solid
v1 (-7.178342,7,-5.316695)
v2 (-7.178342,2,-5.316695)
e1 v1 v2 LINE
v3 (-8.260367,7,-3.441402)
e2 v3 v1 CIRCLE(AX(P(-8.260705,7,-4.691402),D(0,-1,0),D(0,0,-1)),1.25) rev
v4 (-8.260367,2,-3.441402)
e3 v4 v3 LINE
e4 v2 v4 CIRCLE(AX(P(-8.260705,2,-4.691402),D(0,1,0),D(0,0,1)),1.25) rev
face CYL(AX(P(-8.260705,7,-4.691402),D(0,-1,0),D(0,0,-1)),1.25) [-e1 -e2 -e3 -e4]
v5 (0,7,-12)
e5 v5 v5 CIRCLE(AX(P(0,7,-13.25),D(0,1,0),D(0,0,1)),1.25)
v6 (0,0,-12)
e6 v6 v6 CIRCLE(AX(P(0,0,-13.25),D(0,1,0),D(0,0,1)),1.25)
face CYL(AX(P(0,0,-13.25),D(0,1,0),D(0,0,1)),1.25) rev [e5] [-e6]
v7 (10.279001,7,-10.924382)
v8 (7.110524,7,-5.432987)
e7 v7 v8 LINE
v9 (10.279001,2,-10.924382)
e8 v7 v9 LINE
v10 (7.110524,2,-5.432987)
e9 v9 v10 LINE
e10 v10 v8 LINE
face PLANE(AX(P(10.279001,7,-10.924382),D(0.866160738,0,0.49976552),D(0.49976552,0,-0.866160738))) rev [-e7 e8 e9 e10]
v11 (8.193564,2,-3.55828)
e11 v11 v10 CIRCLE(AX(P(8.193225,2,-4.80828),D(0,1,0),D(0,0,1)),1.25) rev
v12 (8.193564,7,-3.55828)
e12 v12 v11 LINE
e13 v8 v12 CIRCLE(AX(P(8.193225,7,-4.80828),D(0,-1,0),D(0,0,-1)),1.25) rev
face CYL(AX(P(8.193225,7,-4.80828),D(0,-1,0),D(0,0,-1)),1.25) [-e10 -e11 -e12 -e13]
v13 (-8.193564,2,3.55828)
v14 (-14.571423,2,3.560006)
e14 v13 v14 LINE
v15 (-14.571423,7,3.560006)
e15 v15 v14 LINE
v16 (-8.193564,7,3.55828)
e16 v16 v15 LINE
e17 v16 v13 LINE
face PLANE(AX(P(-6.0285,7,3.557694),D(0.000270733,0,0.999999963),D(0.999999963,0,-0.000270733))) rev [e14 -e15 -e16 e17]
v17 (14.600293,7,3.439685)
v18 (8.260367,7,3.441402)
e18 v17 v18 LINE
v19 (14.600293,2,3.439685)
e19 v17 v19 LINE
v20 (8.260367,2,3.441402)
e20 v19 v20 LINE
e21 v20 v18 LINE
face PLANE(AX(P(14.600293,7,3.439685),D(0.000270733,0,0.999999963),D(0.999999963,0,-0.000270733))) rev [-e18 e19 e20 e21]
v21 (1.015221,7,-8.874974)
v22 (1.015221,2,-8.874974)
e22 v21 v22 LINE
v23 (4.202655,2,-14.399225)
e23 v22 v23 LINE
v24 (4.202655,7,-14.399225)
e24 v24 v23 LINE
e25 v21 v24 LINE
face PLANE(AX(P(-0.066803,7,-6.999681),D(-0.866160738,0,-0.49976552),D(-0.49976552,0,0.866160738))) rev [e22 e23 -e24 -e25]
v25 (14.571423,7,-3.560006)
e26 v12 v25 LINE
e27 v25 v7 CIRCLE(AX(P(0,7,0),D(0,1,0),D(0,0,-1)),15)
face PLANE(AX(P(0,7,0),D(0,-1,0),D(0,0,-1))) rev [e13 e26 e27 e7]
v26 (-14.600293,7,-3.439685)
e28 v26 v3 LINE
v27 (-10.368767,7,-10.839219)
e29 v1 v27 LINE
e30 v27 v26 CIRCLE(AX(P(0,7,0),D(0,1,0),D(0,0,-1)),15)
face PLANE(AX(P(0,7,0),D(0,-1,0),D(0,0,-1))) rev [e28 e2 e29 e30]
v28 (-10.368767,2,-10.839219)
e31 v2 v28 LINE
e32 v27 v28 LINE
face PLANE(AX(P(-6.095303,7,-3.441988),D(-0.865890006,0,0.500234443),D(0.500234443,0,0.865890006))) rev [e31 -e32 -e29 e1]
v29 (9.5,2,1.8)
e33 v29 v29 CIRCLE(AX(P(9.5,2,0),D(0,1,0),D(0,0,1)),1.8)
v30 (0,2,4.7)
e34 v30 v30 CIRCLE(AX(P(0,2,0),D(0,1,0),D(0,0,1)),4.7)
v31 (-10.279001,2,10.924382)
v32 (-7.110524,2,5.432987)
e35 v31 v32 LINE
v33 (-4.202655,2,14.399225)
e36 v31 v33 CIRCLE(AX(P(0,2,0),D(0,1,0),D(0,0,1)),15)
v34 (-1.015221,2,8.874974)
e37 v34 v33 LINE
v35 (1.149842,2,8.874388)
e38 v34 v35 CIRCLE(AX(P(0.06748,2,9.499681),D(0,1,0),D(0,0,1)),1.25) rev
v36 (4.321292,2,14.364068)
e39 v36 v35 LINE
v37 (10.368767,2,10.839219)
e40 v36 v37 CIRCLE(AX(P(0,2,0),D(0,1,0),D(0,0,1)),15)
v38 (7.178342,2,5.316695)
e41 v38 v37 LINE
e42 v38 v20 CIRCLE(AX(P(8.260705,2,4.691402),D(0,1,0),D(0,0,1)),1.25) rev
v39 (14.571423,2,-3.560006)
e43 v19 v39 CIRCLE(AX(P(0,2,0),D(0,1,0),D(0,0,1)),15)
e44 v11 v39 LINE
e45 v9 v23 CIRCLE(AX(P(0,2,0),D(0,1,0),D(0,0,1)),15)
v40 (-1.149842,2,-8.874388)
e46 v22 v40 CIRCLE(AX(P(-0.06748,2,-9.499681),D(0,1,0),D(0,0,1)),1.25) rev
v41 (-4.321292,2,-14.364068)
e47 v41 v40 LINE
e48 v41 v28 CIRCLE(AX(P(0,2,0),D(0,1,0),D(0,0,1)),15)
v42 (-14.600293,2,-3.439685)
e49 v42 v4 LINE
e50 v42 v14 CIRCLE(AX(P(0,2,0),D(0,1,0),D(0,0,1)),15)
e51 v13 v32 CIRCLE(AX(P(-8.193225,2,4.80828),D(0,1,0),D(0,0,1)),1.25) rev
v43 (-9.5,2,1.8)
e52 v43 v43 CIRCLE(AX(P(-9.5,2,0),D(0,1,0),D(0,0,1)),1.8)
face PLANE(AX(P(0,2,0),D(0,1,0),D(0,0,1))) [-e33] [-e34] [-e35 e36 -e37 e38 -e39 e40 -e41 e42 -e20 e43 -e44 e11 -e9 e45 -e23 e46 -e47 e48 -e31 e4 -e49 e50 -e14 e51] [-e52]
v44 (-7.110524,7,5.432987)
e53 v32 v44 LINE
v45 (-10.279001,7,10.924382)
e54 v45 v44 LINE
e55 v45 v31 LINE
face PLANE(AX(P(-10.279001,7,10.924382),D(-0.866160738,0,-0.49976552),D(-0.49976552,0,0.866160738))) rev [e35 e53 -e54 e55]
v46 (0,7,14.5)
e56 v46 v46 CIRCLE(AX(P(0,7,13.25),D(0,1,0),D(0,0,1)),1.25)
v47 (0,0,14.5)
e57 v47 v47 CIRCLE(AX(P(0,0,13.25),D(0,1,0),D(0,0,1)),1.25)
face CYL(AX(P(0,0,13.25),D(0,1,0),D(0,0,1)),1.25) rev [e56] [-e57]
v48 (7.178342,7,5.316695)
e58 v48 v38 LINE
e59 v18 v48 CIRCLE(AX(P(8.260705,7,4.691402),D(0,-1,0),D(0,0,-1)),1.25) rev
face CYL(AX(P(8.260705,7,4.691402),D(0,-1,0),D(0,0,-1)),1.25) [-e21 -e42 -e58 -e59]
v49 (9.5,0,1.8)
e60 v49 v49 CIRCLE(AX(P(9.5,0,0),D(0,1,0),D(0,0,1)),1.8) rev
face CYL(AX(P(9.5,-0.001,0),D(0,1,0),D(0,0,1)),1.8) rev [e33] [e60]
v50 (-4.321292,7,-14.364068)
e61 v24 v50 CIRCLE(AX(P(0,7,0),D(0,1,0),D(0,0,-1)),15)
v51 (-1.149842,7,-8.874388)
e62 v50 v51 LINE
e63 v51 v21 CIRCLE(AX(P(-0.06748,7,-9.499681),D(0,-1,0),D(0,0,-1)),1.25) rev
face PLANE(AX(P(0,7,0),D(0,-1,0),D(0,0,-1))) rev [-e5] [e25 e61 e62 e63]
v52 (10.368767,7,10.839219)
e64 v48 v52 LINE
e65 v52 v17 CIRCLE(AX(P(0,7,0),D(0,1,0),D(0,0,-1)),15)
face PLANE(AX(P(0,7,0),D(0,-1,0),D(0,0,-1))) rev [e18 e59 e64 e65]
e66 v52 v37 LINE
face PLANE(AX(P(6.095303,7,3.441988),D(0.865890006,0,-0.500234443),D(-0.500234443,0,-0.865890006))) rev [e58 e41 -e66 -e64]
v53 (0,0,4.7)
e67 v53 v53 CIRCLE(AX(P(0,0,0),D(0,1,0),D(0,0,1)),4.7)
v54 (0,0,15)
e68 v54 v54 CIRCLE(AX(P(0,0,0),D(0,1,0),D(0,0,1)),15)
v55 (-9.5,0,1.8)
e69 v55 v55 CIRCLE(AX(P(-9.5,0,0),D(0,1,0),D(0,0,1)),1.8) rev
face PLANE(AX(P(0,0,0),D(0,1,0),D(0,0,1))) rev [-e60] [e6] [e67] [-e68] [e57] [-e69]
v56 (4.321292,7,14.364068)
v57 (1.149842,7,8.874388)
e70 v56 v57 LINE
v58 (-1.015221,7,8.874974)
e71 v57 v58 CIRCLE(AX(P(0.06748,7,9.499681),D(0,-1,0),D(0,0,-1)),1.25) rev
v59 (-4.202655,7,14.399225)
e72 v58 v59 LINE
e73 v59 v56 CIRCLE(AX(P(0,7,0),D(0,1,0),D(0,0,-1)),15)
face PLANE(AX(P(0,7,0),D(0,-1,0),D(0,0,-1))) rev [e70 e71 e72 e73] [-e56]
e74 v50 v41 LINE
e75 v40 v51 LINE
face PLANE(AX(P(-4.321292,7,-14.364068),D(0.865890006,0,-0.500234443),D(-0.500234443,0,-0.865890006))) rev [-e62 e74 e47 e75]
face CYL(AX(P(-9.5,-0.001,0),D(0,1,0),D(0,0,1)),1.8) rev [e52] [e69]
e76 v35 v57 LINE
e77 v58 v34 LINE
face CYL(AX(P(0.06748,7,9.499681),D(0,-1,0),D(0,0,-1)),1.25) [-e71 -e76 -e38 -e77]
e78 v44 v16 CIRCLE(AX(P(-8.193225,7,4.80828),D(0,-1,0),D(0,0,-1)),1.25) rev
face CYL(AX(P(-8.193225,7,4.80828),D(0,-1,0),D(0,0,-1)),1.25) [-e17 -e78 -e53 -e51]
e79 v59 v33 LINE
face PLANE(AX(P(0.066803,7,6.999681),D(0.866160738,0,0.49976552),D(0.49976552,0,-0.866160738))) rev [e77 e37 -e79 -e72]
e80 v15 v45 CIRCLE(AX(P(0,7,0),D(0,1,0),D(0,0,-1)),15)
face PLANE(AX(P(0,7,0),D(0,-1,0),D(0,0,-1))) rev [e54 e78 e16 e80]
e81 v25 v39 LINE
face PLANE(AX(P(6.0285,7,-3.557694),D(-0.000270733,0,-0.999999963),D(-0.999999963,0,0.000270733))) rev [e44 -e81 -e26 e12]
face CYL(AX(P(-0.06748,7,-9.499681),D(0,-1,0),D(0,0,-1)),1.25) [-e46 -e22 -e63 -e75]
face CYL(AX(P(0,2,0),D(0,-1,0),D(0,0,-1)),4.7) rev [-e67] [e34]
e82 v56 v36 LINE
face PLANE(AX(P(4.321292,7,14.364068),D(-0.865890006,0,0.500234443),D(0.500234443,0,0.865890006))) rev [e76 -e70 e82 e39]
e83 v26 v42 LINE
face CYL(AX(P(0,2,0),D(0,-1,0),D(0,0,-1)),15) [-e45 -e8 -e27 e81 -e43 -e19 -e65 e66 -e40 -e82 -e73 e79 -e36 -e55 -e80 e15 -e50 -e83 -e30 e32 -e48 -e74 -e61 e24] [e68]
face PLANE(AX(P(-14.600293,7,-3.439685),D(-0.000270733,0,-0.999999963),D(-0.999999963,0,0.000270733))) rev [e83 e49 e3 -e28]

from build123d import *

# Parameters (mm, degrees)
SKETCH1_R         = 15
SKETCH1_R_2       = 4.7
BASE_DEPTH        = 2
TRIANGLES_DEPTH   = 5
FILLET1_R         = 1.25
WHEEL_HOLES_REACH = 4
SKETCH3_R         = 1.8
SKETCH4_R         = 1.25
HORN_HOLES_DEPTH  = 8


with BuildPart() as part:
    # Sketch1 → Base (new body)
    with BuildSketch(Plane(origin=(0, 0, 0), x_dir=(1, 0, 0), z_dir=(0, 1, 0))):
        Circle(SKETCH1_R)
        Circle(SKETCH1_R_2, mode=Mode.SUBTRACT)
    extrude(amount=BASE_DEPTH)

    # Sketch2 → Triangles (add)
    with BuildSketch(Plane(origin=(0, 2, 0), x_dir=(1, 0, 0), z_dir=(0, 1, 0))):
        with BuildLine():
            Line((6.028500388, 3.557693505), (14.571422537, 3.560006353))
            ThreePointArc((14.571422537, 3.560006353), (12.959336441, 7.553515672), (10.279001399, 10.924382373))
            Line((10.279001399, 10.924382373), (6.028500388, 3.557693505))
        make_face()
        with BuildLine():
            Line((-0.066802761, 6.999681235), (4.202655329, 14.399225263))
            ThreePointArc((4.202655329, 14.399225263), (-0.061868239, 14.99987241), (-4.321291956, 14.364067524))
            Line((-4.321291956, 14.364067524), (-0.066802761, 6.999681235))
        make_face()
        with BuildLine():
            Line((6.095303148, -3.44198773), (10.368767208, -10.83921891))
            ThreePointArc((10.368767208, -10.83921891), (13.02120468, -7.446356739), (14.600293355, -3.439685151))
            Line((14.600293355, -3.439685151), (6.095303148, -3.44198773))
        make_face()
        with BuildLine():
            Line((0.066802761, -6.999681235), (-4.202655329, -14.399225263))
            ThreePointArc((-4.202655329, -14.399225263), (0.061868239, -14.99987241), (4.321291956, -14.364067524))
            Line((4.321291956, -14.364067524), (0.066802761, -6.999681235))
        make_face()
        with BuildLine():
            Line((-6.028500388, -3.557693505), (-14.571422537, -3.560006353))
            ThreePointArc((-14.571422537, -3.560006353), (-12.959336441, -7.553515672), (-10.279001399, -10.924382373))
            Line((-10.279001399, -10.924382373), (-6.028500388, -3.557693505))
        make_face()
        with BuildLine():
            Line((-6.095303148, 3.44198773), (-10.368767208, 10.83921891))
            ThreePointArc((-10.368767208, 10.83921891), (-13.02120468, 7.446356739), (-14.600293355, 3.439685151))
            Line((-14.600293355, 3.439685151), (-6.095303148, 3.44198773))
        make_face()
    extrude(amount=TRIANGLES_DEPTH)

    # Fillet1
    fillet1_edges = [part.edges().sort_by_distance(p)[0] for p in [
        (6.095303148, 4.5, 3.44198773),
        (0.066802761, 4.5, 6.999681235),
        (-6.028500388, 4.5, 3.557693505),
        (-6.095303148, 4.5, -3.44198773),
        (6.028500388, 4.5, -3.557693505),
        (-0.066802761, 4.5, -6.999681235),
    ]]
    fillet(fillet1_edges, radius=FILLET1_R)

    # Sketch3 → Wheel Holes (cut, up to next)
    with BuildSketch(Plane(origin=(0, 2, 0), x_dir=(1, 0, 0), z_dir=(0, 1, 0)), mode=Mode.PRIVATE) as wheel_holes_sk1:
        with Locations((-9.5, 0)):
            Circle(SKETCH3_R)
    wheel_holes_tool1 = extrude(wheel_holes_sk1.sketch, amount=-WHEEL_HOLES_REACH, mode=Mode.PRIVATE) & part.part
    add(wheel_holes_tool1.solids().sort_by_distance((-9.5, 2, 0))[0], mode=Mode.SUBTRACT)
    # Sketch3 → Wheel Holes (cut, up to next)
    with BuildSketch(Plane(origin=(0, 2, 0), x_dir=(1, 0, 0), z_dir=(0, 1, 0)), mode=Mode.PRIVATE) as wheel_holes_sk2:
        with Locations((9.5, 0)):
            Circle(SKETCH3_R)
    wheel_holes_tool2 = extrude(wheel_holes_sk2.sketch, amount=-WHEEL_HOLES_REACH, mode=Mode.PRIVATE) & part.part
    add(wheel_holes_tool2.solids().sort_by_distance((9.5, 2, 0))[0], mode=Mode.SUBTRACT)

    # Sketch4 → Horn Holes (cut, through all)
    with BuildSketch(Plane(origin=(0, 7, 0), x_dir=(1, 0, 0), z_dir=(0, 1, 0))):
        with Locations((0, 13.25)):
            Circle(SKETCH4_R)
        with Locations((0, -13.25)):
            Circle(SKETCH4_R)
    extrude(amount=-HORN_HOLES_DEPTH, mode=Mode.SUBTRACT)


solid = part.part
